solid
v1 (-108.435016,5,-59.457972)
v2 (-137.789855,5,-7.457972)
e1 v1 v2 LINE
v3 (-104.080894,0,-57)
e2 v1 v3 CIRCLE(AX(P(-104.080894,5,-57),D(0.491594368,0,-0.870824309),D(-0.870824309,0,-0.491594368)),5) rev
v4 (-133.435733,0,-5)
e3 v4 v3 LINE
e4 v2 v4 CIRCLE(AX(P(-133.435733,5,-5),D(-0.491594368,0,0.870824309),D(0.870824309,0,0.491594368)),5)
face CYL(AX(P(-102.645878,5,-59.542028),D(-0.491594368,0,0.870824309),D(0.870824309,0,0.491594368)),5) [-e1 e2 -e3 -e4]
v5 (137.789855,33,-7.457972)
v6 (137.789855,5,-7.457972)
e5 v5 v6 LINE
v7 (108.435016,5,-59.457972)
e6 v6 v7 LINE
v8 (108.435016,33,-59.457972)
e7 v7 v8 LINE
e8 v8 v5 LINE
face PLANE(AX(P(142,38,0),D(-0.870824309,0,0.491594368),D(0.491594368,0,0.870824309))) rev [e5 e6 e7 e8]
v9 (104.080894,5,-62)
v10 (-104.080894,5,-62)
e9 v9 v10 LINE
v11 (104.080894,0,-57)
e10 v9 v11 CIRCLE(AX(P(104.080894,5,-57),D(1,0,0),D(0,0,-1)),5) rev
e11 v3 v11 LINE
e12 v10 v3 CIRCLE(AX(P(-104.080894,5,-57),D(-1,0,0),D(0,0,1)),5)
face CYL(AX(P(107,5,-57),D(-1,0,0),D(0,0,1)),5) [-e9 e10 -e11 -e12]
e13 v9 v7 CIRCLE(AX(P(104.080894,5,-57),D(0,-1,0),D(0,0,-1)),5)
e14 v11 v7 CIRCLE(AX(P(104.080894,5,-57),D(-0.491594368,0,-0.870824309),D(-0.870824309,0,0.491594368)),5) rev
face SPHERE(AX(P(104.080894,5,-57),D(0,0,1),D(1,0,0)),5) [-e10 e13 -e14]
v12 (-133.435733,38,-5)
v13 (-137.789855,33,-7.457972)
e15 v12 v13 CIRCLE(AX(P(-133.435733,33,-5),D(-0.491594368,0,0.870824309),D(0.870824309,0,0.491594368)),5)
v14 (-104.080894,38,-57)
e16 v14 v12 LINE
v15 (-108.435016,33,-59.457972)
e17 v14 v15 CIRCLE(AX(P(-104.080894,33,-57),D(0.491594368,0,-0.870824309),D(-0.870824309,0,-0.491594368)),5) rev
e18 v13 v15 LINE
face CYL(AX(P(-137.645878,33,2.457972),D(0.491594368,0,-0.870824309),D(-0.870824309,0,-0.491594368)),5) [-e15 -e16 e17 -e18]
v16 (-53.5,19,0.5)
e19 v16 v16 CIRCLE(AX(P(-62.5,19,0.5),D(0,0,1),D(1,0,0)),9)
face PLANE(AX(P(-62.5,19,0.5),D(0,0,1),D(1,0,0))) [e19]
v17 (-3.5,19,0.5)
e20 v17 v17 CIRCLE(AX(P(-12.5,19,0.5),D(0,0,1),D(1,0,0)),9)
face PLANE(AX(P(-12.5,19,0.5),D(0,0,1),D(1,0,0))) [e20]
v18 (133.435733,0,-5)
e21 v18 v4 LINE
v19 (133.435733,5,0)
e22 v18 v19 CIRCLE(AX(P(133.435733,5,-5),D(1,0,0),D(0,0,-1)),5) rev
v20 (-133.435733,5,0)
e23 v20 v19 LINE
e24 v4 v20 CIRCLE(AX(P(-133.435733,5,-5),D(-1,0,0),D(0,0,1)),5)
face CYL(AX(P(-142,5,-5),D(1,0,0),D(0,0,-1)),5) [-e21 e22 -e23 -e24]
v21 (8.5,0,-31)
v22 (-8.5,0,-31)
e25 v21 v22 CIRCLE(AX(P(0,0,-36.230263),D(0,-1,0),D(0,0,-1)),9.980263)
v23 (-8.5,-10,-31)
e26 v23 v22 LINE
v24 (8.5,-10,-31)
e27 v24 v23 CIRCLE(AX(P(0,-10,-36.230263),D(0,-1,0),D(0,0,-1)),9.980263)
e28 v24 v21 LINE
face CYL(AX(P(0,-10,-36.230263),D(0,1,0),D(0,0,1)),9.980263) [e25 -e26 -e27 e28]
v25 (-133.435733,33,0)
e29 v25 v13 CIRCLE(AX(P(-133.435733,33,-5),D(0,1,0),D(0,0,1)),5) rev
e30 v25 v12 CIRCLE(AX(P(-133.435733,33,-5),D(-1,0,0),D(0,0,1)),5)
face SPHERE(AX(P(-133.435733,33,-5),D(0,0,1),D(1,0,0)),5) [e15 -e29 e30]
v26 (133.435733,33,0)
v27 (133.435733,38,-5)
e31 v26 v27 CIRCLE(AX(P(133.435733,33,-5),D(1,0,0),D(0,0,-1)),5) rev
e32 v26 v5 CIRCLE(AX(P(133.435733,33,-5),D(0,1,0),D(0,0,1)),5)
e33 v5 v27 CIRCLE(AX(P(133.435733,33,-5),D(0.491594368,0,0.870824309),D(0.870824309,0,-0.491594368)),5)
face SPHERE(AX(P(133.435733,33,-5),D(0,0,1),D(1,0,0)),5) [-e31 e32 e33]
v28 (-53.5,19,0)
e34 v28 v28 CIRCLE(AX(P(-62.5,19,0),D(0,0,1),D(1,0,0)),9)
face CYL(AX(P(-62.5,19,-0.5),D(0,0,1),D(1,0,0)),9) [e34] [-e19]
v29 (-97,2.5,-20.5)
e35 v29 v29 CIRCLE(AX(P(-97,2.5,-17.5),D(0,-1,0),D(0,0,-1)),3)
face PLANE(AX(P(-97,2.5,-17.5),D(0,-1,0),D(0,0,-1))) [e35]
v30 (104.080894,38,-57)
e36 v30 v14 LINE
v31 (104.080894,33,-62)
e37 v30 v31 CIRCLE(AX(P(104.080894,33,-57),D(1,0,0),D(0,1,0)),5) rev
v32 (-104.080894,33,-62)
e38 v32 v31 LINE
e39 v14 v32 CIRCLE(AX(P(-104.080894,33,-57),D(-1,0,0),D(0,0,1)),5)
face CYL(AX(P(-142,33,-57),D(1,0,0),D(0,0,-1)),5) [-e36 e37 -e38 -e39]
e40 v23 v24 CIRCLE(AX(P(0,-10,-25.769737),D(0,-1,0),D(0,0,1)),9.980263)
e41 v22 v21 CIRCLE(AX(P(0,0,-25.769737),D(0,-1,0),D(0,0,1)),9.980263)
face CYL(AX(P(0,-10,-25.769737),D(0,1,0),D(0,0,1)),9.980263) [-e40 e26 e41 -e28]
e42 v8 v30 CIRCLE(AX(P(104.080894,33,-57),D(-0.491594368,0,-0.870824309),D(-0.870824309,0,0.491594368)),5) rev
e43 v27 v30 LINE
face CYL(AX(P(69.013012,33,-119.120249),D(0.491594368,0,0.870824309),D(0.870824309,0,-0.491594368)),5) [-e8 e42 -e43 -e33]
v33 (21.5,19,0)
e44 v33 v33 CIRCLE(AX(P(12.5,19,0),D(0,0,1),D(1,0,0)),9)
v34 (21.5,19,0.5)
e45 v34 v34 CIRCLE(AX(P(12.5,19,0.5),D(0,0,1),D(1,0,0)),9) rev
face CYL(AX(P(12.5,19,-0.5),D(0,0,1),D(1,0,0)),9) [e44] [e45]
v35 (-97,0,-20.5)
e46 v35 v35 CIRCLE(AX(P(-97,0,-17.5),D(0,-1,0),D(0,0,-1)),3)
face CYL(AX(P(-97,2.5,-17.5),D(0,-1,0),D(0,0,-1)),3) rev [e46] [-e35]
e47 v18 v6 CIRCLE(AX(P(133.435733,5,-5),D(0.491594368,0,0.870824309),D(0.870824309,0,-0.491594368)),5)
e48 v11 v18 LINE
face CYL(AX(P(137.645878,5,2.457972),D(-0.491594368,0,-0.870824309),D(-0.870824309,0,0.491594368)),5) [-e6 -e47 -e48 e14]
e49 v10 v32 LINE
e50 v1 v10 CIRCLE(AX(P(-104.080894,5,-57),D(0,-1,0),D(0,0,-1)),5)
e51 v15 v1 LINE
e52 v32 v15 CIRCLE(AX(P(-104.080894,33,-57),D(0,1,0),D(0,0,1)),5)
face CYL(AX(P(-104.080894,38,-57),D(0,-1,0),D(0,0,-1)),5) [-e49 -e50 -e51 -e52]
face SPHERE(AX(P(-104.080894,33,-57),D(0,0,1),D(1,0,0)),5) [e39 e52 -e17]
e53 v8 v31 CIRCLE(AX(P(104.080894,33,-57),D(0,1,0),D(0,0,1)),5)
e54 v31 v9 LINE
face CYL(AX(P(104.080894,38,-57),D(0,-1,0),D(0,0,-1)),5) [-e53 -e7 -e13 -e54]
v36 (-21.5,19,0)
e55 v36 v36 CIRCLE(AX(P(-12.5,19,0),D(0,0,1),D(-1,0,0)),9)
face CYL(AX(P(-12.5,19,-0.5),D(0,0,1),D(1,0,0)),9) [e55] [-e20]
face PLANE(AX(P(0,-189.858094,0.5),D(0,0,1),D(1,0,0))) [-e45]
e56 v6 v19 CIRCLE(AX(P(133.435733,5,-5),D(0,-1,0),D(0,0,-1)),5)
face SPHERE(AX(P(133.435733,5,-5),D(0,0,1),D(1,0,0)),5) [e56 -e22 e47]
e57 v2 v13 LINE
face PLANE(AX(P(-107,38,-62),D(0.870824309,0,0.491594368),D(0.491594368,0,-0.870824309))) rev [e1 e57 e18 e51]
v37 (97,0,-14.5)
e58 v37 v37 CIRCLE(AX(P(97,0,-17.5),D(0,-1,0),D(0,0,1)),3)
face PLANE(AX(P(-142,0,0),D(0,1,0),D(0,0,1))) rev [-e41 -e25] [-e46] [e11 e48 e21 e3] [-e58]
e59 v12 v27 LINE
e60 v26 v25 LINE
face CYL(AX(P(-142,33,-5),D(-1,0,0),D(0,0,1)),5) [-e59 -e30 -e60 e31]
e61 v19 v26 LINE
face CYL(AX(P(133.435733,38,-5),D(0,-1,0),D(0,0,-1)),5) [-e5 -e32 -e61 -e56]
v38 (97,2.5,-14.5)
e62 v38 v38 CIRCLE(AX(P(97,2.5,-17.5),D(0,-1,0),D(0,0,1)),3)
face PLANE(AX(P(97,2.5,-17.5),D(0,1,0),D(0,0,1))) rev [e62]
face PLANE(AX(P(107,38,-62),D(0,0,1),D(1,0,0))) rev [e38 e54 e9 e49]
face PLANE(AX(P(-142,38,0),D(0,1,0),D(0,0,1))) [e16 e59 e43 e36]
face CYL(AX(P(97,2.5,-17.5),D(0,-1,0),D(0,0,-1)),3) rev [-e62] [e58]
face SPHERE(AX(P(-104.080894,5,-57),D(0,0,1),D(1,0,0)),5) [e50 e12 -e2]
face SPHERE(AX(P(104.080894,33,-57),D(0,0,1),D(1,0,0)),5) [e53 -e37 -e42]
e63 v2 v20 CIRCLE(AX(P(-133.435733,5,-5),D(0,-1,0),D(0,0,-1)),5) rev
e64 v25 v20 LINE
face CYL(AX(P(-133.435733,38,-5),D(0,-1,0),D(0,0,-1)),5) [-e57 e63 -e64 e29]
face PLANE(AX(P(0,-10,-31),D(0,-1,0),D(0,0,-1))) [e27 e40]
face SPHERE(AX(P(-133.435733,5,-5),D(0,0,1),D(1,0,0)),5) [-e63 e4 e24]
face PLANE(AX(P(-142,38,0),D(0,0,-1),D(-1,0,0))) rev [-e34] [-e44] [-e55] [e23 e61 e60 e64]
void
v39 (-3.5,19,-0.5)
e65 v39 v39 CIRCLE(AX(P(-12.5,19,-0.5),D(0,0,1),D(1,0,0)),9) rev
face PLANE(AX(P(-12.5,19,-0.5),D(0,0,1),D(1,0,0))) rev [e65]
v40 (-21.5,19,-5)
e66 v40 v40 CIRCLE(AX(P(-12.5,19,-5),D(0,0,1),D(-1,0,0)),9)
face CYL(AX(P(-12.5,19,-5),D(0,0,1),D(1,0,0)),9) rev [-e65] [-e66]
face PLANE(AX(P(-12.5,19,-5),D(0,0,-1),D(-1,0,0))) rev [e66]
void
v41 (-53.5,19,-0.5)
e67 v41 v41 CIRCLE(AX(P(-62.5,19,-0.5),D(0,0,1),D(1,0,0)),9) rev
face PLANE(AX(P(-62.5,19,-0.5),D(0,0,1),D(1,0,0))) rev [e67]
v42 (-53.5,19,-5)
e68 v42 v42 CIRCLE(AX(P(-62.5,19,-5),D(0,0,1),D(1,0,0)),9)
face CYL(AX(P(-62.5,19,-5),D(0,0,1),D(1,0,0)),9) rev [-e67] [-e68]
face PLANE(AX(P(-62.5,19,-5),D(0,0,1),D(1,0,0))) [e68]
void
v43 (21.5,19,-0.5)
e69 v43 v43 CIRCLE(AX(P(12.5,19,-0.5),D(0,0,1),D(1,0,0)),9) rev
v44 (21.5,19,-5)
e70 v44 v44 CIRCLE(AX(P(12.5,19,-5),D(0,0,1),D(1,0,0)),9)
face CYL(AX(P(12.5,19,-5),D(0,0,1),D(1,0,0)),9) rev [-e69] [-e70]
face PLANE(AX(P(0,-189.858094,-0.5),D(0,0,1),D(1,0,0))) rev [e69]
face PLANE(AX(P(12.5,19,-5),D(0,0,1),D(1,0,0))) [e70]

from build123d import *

# Parameters (mm, degrees)
BOSS_EXTRUDE1_DEPTH = 38
BOSS_EXTRUDE2_DEPTH = 10
FILLET1_R           = 5
SKETCH3_R           = 9
CUT_EXTRUDE1_DEPTH  = 5
SKETCH5_R           = 9
BOSS_EXTRUDE3_DEPTH = 0.5
SKETCH6_R           = 3
CUT_EXTRUDE2_DEPTH  = 2.5


with BuildPart() as part:
    # Sketch1 → Boss-Extrude1 (new body)
    with BuildSketch(Plane(origin=(0, 0, 0), x_dir=(1, 0, 0), z_dir=(0, 1, 0))):
        Polygon((-142, 0), (142, 0), (107, 62), (-107, 62), align=None)
    extrude(amount=BOSS_EXTRUDE1_DEPTH)

    # Sketch2 → Boss-Extrude2 (add)
    with BuildSketch(Plane.XZ):
        with BuildLine():
            ThreePointArc((8.5, -31), (0, -35.75), (-8.5, -31))
            ThreePointArc((-8.5, -31), (0, -26.25), (8.5, -31))
        make_face()
    extrude(amount=BOSS_EXTRUDE2_DEPTH)

    # Fillet1
    fillet1_edges = [part.edges().sort_by_distance(p)[0] for p in [
        (124.5, 38, -31),
        (0, 38, -62),
        (-124.5, 38, -31),
        (0, 0, -62),
        (124.5, 0, -31),
        (0, 0, 0),
        (-124.5, 0, -31),
        (0, 38, 0),
        (-107, 19, -62),
        (107, 19, -62),
        (142, 19, 0),
        (-142, 19, 0),
    ]]
    fillet(fillet1_edges, radius=FILLET1_R)

    # Sketch3 → Cut-Extrude1 (cut)
    with BuildSketch(Plane.XY):
        with Locations((12.5, 19)):
            Circle(SKETCH3_R)
        with Locations((-12.5, 19)):
            Circle(SKETCH3_R)
        with Locations((-62.5, 19)):
            Circle(SKETCH3_R)
    extrude(amount=-CUT_EXTRUDE1_DEPTH, mode=Mode.SUBTRACT)

    # Sketch5 → Boss-Extrude3 (add, symmetric)
    with BuildSketch(Plane.XY):
        with Locations((-12.5, 19)):
            Circle(SKETCH5_R)
        with Locations((12.5, 19)):
            Circle(SKETCH5_R)
        with Locations((-62.5, 19)):
            Circle(SKETCH5_R)
    extrude(amount=BOSS_EXTRUDE3_DEPTH, both=True)

    # Sketch6 → Cut-Extrude2 (cut)
    with BuildSketch(Plane.XZ):
        with Locations((-97, -17.5)):
            Circle(SKETCH6_R)
        with Locations((97, -17.5)):
            Circle(SKETCH6_R)
    extrude(amount=-CUT_EXTRUDE2_DEPTH, mode=Mode.SUBTRACT)


solid = part.part
